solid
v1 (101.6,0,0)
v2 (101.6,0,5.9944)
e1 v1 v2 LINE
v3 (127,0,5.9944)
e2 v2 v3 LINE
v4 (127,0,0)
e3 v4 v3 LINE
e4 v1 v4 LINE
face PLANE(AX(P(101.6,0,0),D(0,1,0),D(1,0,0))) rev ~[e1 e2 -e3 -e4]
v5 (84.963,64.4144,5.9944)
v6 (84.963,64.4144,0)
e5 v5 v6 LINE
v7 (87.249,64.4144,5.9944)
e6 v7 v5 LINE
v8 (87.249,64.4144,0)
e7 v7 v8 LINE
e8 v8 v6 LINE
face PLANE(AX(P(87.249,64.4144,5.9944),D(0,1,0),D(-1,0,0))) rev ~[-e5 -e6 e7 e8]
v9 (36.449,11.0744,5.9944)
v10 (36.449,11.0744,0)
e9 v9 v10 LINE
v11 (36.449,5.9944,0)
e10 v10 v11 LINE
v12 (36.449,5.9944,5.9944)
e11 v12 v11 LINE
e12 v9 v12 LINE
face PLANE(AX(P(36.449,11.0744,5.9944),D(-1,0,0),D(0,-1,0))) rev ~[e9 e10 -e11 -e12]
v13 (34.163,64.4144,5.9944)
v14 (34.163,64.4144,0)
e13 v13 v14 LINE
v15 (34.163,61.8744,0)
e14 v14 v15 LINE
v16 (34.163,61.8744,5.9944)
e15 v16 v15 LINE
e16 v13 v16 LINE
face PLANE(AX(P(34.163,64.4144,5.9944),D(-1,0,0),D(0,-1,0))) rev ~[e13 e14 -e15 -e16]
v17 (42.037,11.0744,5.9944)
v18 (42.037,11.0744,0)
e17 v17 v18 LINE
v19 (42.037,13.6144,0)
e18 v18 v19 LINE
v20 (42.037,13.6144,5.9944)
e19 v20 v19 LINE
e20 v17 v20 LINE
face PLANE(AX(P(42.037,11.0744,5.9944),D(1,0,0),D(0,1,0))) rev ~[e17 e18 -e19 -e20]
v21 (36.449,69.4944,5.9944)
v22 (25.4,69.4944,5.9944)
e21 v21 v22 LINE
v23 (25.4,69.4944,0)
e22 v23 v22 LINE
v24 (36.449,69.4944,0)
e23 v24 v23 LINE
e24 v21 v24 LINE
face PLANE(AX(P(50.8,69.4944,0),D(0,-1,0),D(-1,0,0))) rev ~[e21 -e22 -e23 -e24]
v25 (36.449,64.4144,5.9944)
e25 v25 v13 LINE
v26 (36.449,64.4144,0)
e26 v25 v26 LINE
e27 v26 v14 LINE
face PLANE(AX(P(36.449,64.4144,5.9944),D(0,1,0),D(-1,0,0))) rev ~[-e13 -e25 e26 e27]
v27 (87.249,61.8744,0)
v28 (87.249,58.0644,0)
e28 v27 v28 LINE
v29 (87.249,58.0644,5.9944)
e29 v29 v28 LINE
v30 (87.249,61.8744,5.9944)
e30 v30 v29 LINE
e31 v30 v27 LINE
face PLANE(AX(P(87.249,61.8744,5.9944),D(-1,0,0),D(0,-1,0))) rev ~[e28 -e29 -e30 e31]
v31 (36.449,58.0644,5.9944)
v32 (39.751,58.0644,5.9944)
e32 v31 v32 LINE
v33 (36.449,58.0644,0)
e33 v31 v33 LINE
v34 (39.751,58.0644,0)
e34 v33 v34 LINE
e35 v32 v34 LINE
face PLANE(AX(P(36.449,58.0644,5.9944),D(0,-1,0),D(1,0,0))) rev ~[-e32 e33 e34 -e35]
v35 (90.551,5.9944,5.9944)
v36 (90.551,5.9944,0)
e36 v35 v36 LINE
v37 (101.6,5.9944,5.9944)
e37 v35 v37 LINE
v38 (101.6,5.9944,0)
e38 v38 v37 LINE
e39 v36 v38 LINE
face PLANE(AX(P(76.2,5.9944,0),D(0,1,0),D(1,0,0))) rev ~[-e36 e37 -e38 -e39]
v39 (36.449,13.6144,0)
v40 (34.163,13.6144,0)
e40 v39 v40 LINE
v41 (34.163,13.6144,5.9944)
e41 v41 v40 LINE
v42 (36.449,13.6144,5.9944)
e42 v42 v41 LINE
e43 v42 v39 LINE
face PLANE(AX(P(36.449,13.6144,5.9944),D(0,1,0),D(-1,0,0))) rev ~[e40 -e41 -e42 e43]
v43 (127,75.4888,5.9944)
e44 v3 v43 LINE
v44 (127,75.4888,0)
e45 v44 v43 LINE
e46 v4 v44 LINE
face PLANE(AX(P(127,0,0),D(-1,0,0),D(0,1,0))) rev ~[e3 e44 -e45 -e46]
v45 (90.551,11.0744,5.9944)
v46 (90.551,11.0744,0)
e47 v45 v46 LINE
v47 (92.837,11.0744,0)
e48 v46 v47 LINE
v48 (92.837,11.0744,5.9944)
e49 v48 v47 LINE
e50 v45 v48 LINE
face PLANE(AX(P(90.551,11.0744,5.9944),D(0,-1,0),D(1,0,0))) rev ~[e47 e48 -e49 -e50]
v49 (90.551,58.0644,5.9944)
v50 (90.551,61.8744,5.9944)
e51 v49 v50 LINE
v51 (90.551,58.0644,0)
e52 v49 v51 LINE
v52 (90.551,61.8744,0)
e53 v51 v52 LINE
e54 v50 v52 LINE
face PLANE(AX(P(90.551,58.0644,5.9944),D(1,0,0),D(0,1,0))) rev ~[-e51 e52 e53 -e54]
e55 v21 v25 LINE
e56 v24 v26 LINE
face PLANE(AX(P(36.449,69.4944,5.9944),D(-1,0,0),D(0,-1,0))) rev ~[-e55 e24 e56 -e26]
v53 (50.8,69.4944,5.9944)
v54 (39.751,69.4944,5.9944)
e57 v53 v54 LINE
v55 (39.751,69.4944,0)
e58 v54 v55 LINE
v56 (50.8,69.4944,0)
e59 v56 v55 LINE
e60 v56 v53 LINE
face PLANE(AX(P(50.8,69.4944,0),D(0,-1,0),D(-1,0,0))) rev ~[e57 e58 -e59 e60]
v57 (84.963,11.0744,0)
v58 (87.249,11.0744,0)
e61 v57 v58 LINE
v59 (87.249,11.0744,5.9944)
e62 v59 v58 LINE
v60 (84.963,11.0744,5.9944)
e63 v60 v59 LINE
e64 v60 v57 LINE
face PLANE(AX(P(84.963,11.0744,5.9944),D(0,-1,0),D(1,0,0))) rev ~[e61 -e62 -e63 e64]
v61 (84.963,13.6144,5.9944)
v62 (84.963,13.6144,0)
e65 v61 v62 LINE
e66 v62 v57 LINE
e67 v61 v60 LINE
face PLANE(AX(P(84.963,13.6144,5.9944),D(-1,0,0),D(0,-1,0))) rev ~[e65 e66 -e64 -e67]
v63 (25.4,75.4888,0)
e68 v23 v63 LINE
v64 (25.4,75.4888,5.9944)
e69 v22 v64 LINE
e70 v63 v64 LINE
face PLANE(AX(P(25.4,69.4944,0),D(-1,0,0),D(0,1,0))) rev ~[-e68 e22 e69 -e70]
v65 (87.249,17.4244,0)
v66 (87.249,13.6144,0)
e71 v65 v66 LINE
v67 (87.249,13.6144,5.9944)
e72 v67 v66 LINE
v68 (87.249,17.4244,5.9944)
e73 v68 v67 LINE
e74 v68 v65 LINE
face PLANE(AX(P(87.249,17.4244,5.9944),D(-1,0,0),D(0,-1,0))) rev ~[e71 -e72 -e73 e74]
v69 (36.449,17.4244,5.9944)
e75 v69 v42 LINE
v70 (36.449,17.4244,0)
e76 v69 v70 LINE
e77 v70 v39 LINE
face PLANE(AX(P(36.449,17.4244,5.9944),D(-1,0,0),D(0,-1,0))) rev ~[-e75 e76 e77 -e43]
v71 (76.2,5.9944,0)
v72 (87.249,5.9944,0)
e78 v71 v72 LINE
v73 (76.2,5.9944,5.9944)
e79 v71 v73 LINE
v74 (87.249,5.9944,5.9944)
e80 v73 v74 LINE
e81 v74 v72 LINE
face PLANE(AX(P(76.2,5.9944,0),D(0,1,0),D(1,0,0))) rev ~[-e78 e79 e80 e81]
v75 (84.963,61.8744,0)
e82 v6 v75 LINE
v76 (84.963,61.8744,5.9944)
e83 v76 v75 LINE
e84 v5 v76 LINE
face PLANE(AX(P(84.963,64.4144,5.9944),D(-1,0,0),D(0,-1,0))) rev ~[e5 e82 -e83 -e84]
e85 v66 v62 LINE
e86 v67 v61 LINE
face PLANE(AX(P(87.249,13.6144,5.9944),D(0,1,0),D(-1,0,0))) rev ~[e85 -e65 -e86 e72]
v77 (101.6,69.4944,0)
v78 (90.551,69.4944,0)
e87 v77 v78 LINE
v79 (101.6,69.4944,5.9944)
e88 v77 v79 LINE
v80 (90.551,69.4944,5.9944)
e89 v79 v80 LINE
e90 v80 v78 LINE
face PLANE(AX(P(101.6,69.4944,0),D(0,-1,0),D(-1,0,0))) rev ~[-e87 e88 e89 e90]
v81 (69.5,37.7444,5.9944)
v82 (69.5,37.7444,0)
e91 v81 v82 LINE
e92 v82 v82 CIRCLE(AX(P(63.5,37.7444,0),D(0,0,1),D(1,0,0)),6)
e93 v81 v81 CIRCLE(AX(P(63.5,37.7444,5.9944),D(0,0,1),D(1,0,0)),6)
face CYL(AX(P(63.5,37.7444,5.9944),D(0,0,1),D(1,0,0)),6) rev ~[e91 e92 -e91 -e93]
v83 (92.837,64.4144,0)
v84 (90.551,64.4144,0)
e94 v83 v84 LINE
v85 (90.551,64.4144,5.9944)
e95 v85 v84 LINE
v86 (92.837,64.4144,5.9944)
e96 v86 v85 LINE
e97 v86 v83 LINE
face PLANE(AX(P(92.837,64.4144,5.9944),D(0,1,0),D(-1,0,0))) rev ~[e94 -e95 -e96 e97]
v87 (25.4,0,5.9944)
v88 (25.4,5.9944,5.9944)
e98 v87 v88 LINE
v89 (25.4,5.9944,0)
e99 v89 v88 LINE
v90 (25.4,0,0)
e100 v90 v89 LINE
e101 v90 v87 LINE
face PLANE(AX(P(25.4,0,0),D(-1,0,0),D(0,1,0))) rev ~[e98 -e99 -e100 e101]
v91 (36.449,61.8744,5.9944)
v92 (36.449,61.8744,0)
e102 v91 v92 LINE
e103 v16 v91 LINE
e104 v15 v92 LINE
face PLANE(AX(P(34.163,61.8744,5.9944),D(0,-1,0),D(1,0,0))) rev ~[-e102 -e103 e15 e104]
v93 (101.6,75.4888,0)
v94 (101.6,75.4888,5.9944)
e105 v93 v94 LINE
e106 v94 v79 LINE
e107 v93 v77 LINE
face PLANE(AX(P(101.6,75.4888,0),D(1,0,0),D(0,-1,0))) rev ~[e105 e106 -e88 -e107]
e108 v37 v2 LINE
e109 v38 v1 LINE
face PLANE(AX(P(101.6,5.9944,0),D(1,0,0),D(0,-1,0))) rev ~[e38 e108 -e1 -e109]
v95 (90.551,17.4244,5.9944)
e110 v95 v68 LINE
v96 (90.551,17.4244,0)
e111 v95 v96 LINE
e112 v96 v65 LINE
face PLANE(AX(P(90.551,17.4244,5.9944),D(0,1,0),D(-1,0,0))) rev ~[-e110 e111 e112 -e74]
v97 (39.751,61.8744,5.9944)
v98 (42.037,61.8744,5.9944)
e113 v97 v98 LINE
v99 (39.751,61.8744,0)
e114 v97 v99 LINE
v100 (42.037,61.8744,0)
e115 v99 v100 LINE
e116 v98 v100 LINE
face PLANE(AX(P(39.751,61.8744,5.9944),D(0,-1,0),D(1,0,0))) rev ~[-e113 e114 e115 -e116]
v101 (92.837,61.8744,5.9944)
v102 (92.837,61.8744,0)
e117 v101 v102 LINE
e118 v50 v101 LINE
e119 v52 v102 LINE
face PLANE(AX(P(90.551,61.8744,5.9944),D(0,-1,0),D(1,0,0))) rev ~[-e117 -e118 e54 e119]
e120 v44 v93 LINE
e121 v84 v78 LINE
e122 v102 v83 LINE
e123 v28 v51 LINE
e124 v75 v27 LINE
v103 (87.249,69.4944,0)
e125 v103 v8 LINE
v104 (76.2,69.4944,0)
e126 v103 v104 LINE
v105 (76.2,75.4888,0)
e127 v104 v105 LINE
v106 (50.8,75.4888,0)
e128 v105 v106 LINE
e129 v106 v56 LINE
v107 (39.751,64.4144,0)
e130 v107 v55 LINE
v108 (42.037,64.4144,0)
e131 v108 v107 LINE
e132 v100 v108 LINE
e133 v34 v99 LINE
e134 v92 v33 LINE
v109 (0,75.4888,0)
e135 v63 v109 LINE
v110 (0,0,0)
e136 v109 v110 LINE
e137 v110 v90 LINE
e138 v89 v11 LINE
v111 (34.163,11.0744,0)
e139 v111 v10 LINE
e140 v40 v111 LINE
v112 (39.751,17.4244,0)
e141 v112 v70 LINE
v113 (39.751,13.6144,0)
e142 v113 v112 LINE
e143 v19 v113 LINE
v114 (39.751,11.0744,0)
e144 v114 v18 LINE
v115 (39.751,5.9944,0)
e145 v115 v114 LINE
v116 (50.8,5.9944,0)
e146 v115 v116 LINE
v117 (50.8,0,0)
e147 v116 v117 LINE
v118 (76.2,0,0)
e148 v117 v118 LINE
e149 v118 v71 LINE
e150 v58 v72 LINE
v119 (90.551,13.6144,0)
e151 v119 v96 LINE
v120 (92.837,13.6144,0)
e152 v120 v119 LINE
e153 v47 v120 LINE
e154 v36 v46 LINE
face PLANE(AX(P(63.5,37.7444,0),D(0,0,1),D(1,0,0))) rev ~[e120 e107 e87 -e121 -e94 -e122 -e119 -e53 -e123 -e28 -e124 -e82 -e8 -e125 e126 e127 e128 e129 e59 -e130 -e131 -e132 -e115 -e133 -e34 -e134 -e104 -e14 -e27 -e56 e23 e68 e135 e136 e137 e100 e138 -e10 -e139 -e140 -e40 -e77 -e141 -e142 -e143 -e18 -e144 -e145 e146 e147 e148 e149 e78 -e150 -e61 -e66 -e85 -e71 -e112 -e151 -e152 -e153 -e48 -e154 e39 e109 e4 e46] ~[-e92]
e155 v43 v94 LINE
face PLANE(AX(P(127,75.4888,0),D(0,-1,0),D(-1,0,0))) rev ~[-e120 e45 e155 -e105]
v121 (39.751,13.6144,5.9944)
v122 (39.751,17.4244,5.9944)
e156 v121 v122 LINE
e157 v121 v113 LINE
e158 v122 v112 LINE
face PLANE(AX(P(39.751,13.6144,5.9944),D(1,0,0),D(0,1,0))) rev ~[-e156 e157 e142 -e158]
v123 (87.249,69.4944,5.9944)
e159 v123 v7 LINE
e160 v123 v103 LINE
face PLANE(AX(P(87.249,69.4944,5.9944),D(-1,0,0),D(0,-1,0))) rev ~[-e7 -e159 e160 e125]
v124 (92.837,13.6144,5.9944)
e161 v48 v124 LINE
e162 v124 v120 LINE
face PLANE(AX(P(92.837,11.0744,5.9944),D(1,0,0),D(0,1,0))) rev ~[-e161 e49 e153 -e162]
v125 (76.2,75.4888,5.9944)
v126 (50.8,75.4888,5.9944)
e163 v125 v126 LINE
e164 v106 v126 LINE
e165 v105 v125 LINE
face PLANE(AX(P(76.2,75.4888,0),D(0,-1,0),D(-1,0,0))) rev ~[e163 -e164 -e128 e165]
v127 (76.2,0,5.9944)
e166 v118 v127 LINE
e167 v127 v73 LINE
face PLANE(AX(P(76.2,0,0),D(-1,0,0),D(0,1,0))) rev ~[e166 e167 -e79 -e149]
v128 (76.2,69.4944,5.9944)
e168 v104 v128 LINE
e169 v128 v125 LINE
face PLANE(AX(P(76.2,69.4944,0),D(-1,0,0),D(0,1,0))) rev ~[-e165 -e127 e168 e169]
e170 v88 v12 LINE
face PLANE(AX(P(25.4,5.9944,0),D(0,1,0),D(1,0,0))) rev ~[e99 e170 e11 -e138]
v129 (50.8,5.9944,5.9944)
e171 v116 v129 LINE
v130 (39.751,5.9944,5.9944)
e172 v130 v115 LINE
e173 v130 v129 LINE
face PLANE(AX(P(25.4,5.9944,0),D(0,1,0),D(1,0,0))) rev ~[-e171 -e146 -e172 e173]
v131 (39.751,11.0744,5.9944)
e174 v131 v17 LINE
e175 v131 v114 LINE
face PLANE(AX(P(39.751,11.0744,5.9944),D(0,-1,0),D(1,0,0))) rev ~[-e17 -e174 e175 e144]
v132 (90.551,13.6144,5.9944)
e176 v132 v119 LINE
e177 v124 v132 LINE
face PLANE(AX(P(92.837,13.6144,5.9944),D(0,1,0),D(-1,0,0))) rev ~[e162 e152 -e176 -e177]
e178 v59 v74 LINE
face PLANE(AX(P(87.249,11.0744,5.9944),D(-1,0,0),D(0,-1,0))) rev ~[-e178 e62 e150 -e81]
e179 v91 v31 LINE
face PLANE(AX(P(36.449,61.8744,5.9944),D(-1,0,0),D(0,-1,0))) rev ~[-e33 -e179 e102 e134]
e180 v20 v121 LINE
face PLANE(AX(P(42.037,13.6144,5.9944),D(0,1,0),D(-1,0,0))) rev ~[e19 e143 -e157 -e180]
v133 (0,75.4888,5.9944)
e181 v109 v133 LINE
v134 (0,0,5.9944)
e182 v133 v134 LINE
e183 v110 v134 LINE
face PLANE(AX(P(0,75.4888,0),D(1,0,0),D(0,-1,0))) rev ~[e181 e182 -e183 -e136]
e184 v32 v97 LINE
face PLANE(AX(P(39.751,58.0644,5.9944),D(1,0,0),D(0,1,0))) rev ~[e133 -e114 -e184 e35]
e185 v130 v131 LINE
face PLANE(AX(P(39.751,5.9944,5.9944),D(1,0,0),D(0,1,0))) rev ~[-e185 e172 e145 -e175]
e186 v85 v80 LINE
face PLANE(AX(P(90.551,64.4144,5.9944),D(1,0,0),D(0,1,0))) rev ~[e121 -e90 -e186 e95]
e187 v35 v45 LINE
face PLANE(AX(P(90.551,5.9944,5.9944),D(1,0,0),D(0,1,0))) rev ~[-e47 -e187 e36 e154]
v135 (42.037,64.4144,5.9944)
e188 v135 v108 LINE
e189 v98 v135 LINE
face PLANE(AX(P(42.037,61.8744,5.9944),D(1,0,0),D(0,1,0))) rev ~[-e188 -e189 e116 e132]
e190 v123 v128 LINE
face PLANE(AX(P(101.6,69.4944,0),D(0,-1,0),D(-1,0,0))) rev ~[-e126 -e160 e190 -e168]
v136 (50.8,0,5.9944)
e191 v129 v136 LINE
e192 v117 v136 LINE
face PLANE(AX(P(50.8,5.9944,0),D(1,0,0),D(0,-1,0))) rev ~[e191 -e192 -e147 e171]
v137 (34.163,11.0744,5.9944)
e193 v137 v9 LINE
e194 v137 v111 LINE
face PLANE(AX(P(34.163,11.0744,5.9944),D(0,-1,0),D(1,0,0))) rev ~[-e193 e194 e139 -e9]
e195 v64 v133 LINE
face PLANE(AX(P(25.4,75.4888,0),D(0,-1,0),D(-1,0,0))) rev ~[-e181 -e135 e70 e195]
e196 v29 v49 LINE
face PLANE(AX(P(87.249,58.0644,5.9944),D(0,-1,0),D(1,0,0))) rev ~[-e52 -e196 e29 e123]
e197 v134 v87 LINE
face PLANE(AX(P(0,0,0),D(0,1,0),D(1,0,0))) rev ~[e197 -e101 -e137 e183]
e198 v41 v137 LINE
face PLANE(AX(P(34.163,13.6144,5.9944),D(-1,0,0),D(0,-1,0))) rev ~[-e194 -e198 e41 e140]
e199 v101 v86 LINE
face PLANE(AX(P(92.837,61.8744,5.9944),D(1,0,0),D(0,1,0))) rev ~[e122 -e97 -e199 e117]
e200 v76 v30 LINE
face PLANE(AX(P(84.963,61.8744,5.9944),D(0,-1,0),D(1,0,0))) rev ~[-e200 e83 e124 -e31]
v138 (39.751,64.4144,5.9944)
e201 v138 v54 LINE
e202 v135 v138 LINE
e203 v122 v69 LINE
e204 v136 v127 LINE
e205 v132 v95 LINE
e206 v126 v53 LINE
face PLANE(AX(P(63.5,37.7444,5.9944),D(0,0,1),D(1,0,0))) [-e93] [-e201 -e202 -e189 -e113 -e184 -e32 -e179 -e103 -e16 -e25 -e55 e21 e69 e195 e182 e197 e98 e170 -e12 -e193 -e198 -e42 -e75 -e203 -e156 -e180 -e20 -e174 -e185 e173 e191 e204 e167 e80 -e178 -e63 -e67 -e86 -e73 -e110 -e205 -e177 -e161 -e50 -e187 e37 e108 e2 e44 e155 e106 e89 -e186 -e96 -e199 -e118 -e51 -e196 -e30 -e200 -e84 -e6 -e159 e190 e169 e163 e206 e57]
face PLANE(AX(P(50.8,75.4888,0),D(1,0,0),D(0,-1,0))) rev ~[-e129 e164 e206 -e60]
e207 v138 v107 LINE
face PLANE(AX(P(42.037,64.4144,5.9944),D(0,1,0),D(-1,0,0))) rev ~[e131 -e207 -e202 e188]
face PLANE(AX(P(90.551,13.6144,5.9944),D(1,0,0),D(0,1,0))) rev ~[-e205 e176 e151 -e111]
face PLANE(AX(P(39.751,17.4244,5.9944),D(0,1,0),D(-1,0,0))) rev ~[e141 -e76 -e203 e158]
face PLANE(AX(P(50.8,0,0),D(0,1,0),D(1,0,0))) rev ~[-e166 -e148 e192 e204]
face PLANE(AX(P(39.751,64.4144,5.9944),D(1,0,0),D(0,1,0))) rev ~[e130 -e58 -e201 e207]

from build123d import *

# Parameters (mm, degrees)
BOSS_EXTRUDE1_DEPTH = 5.9944
CUT_EXTRUDE2_DEPTH  = 5.9944
SKETCH3_R           = 6
CUT_EXTRUDE3_DEPTH  = 5.9944


with BuildPart() as part:
    # Sketch1 → Boss-Extrude1 (new body)
    with BuildSketch(Plane.XY):
        Polygon((25.4, 5.9944), (50.8, 5.9944), (50.8, 0), (76.2, 0), (76.2, 5.9944), (101.6, 5.9944), (101.6, 0), (127, 0), (127, 75.4888), (101.6, 75.4888), (101.6, 69.4944), (76.2, 69.4944), (76.2, 75.4888), (50.8, 75.4888), (50.8, 69.4944), (25.4, 69.4944), (25.4, 75.4888), (0, 75.4888), (0, 0), (25.4, 0), align=None)
    extrude(amount=BOSS_EXTRUDE1_DEPTH)

    # Sketch2 → Cut-Extrude2 (cut)
    with BuildSketch(Plane.XY.offset(5.9944)):
        Polygon((36.449, 69.4944), (36.449, 64.4144), (34.163, 64.4144), (34.163, 61.8744), (36.449, 61.8744), (36.449, 58.0644), (39.751, 58.0644), (39.751, 61.8744), (42.037, 61.8744), (42.037, 64.4144), (39.751, 64.4144), (39.751, 69.4944), align=None)
        Polygon((36.449, 5.9944), (39.751, 5.9944), (39.751, 11.0744), (42.037, 11.0744), (42.037, 13.6144), (39.751, 13.6144), (39.751, 17.4244), (36.449, 17.4244), (36.449, 13.6144), (34.163, 13.6144), (34.163, 11.0744), (36.449, 11.0744), align=None)
        Polygon((90.551, 5.9944), (90.551, 11.0744), (92.837, 11.0744), (92.837, 13.6144), (90.551, 13.6144), (90.551, 17.4244), (87.249, 17.4244), (87.249, 13.6144), (84.963, 13.6144), (84.963, 11.0744), (87.249, 11.0744), (87.249, 5.9944), align=None)
        Polygon((90.551, 69.4944), (87.249, 69.4944), (87.249, 64.4144), (84.963, 64.4144), (84.963, 61.8744), (87.249, 61.8744), (87.249, 58.0644), (90.551, 58.0644), (90.551, 61.8744), (92.837, 61.8744), (92.837, 64.4144), (90.551, 64.4144), align=None)
    extrude(amount=-CUT_EXTRUDE2_DEPTH, mode=Mode.SUBTRACT)

    # Sketch3 → Cut-Extrude3 (cut)
    with BuildSketch(Plane.XY.offset(5.9944)):
        with Locations((63.5, 37.7444)):
            Circle(SKETCH3_R)
    extrude(amount=-CUT_EXTRUDE3_DEPTH, mode=Mode.SUBTRACT)


solid = part.part
